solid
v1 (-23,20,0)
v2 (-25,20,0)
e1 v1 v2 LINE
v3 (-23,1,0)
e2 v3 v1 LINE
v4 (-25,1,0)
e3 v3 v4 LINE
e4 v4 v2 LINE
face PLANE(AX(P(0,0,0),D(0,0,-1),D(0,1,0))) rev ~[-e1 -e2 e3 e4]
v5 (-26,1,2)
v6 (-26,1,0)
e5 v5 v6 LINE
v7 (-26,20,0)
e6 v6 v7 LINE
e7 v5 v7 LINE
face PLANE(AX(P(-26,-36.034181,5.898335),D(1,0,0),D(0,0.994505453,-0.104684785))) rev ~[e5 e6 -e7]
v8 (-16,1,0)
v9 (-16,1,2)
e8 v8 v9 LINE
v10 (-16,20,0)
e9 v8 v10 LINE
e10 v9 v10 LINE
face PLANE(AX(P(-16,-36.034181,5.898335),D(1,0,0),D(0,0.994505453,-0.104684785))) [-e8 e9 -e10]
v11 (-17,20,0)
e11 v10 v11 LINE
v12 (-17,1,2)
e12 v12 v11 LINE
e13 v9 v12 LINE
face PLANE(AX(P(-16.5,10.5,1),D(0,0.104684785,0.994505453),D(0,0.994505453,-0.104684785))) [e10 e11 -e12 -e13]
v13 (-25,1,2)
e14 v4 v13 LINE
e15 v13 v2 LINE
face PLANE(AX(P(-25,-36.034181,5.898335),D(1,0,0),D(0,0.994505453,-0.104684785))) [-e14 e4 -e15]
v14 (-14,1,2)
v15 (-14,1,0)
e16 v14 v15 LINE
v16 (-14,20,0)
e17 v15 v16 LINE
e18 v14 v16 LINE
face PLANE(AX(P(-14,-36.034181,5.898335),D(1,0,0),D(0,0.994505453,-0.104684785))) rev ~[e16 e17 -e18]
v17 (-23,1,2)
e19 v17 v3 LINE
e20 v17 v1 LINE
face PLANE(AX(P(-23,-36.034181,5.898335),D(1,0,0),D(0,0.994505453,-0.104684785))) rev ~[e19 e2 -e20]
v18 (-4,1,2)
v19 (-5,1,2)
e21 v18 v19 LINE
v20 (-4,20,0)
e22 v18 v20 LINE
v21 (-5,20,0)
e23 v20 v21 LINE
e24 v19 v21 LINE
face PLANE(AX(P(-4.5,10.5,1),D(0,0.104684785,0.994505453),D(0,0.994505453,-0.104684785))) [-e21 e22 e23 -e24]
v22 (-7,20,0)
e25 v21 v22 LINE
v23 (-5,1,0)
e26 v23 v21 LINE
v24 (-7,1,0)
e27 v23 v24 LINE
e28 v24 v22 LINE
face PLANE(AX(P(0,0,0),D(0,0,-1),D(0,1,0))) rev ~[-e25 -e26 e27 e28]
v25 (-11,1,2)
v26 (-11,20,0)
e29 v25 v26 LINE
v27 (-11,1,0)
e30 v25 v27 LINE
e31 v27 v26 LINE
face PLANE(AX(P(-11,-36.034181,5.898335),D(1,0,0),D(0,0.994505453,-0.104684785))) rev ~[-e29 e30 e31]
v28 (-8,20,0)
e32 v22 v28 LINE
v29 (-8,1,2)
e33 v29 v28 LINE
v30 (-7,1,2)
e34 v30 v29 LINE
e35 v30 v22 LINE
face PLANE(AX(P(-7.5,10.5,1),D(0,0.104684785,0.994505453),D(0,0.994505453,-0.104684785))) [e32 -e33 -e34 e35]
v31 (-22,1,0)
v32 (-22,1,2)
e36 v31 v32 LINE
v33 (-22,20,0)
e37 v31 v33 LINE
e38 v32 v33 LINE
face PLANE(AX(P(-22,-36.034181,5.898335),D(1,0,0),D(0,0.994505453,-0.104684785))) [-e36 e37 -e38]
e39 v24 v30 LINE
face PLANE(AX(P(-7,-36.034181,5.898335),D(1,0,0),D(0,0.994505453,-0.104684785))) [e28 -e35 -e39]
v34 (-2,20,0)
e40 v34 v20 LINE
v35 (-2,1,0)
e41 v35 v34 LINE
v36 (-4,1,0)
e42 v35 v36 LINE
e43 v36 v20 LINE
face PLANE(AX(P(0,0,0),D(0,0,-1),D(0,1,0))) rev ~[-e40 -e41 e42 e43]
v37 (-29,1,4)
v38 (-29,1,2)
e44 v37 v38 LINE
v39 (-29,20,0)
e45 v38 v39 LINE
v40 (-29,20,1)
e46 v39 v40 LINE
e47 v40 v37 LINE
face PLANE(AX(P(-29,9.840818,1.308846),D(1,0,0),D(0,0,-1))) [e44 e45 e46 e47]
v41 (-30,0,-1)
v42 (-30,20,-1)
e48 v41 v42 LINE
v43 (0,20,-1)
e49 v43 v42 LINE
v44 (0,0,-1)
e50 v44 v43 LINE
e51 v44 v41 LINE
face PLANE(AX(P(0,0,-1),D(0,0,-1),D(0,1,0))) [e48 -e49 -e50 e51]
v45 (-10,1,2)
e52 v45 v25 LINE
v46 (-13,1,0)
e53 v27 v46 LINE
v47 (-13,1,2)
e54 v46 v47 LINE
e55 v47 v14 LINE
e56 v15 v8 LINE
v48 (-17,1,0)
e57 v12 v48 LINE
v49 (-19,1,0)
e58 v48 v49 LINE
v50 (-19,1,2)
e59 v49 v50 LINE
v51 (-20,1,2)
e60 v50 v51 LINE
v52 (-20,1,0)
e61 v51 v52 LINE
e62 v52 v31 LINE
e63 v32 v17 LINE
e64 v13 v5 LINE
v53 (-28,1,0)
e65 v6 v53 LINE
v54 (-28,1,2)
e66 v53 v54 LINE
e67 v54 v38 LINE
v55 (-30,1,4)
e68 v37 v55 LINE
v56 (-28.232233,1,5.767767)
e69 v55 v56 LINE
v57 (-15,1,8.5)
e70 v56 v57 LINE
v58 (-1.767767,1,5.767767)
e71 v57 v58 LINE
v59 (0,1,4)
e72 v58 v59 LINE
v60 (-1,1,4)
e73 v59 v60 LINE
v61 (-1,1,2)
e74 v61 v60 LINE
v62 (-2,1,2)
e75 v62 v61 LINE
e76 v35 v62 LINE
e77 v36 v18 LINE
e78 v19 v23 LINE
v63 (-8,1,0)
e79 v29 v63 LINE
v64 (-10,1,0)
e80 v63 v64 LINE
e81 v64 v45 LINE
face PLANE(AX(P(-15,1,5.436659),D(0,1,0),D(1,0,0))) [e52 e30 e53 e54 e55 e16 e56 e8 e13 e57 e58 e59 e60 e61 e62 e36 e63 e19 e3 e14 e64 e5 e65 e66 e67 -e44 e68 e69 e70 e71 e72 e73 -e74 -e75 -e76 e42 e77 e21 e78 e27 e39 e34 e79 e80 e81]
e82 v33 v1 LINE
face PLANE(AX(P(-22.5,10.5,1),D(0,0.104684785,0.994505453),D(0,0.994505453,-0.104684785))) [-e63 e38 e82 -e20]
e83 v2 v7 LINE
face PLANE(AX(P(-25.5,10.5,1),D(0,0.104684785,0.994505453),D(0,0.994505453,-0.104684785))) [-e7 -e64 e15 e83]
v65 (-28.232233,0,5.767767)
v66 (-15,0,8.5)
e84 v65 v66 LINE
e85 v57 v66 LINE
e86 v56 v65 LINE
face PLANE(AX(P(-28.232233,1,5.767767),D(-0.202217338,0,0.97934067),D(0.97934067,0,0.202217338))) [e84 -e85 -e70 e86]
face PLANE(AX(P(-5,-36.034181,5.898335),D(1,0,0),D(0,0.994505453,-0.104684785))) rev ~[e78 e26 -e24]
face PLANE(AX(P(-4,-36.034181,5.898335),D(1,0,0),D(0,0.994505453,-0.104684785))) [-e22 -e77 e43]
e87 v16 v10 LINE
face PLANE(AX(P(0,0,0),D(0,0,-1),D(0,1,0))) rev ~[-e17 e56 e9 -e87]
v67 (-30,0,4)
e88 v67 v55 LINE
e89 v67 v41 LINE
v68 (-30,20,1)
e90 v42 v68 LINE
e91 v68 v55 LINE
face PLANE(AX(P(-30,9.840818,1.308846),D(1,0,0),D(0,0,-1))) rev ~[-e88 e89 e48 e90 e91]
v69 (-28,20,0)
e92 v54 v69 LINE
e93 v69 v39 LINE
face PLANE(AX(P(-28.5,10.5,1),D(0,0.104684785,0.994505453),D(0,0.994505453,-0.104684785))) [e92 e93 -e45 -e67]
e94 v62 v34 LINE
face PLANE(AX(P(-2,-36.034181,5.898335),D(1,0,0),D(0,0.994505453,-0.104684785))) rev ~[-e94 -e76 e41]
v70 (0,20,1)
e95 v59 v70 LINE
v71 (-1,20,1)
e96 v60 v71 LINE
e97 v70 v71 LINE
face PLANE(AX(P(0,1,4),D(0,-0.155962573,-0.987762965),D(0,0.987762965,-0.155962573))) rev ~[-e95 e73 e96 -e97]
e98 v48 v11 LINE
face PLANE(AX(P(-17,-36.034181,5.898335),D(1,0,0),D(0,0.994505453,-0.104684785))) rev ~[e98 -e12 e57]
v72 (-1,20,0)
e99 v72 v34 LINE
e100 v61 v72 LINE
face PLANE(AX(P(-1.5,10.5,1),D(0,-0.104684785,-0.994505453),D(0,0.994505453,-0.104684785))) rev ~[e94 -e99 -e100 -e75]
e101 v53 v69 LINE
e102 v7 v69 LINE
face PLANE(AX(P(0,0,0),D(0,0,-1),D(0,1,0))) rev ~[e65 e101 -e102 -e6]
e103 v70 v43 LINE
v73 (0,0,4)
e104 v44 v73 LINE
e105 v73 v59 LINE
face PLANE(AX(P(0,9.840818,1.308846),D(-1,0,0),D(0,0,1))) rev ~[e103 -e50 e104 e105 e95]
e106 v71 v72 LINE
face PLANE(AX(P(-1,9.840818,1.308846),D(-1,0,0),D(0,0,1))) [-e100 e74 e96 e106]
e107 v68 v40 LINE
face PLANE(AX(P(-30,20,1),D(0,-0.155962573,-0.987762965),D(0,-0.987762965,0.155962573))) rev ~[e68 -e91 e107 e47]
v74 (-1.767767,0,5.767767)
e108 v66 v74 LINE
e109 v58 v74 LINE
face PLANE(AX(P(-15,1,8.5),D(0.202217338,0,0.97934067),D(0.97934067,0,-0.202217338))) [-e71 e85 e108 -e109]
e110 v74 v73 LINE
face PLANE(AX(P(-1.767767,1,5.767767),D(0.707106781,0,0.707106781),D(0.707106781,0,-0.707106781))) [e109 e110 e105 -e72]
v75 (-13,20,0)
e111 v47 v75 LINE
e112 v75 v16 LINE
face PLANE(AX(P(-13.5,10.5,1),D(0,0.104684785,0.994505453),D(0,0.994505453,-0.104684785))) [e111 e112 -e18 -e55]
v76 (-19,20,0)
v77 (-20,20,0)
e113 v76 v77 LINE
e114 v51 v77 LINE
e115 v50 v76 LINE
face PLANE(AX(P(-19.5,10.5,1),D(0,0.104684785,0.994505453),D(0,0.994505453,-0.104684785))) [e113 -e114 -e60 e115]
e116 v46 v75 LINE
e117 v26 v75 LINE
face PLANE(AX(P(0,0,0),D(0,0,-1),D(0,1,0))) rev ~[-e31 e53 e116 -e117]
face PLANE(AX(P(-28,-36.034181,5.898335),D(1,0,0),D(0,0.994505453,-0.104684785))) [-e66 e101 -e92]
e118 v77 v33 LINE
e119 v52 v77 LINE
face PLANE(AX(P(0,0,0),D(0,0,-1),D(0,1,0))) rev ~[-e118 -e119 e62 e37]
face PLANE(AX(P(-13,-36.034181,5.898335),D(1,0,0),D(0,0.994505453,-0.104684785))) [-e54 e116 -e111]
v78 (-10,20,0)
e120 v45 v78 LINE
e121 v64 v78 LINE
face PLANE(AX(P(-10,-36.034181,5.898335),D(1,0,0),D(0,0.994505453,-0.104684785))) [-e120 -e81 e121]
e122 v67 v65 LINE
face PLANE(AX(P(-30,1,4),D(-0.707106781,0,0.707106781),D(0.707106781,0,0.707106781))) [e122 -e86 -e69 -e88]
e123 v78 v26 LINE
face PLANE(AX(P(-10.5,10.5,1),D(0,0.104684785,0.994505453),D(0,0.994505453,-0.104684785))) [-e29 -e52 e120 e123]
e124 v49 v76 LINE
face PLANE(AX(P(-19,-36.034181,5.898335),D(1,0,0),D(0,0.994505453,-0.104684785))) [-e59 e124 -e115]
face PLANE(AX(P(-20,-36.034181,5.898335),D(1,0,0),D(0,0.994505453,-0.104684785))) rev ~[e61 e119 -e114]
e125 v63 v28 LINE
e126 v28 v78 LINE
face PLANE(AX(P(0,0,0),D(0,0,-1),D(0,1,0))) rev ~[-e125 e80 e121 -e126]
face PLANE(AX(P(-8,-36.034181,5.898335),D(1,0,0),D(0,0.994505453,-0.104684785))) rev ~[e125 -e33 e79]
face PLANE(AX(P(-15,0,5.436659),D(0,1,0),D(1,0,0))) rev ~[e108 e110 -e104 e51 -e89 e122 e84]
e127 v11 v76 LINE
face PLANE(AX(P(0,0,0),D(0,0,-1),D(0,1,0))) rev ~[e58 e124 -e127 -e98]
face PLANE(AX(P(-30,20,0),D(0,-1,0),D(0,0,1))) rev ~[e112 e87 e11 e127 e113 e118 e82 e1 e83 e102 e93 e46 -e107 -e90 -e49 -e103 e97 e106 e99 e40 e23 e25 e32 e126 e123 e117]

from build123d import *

# Parameters (mm, degrees)
CROQUIS1_W              = 1
CROQUIS1_H              = 20
SALIENTE_EXTRUIR1_DEPTH = 30
CROQUIS2_W              = 4
CROQUIS2_H              = 1
SALIENTE_EXTRUIR3_DEPTH = 30
SALIENTE_EXTRUIR4_DEPTH = 1
SALIENTE_EXTRUIR5_DEPTH = 1
SALIENTE_EXTRUIR7_DEPTH = 1
NERVIO4_REACH           = 38.239
CROQUIS8_WALL_W         = 93.582555916
CROQUIS8_WALL_H         = 1
MATRIZL12_COUNT         = 9
MATRIZL12_PITCH         = 3
NERVIO5_REACH           = 38.239
CROQUIS10_WALL_W        = 93.582555916
CROQUIS10_WALL_H        = 1


with BuildPart() as part:
    # Croquis1 → Saliente-Extruir1 (new body)
    with BuildSketch(Plane(origin=(0, 0, 0), x_dir=(0, 0, -1), z_dir=(1, 0, 0))):
        with Locations((0.5, 10)):
            Rectangle(CROQUIS1_W, CROQUIS1_H)
    extrude(amount=-SALIENTE_EXTRUIR1_DEPTH)

    # Croquis2 → Saliente-Extruir3 (add)
    with BuildSketch(Plane(origin=(0, 0, 0), x_dir=(0, 0, -1), z_dir=(1, 0, 0))):
        with Locations((-2, 0.5)):
            Rectangle(CROQUIS2_W, CROQUIS2_H)
    extrude(amount=-SALIENTE_EXTRUIR3_DEPTH)

    # Croquis3 → Saliente-Extruir4 (add)
    with BuildSketch(Plane(origin=(0, 0, 0), x_dir=(0, 0, -1), z_dir=(1, 0, 0))):
        Polygon((-4, 1), (-1, 20), (0, 20), (0, 1), align=None)
    extrude(amount=-SALIENTE_EXTRUIR4_DEPTH)

    # Croquis6 → Saliente-Extruir5 (add)
    with BuildSketch(Plane.ZY.offset(30)):
        Polygon((0, 20), (1, 20), (4, 1), (0, 1), align=None)
    extrude(amount=-SALIENTE_EXTRUIR5_DEPTH)

    # Croquis7 → Saliente-Extruir7 (add)
    with BuildSketch(Plane(origin=(0, 1, 0), x_dir=(1, 0, 0), z_dir=(0, 1, 0))):
        Polygon((-30, -4), (-28.232233047, -5.767766953), (-15, -8.5), (-1.767766953, -5.767766953), (0, -4), align=None)
    extrude(amount=-SALIENTE_EXTRUIR7_DEPTH)

    # Croquis8 wall → Nervio4 (add, up to next)
    with BuildSketch(Plane(origin=(-29, 10.5, 1), x_dir=(0, 0.994505452921, -0.104684784518), z_dir=(0, 0.104684784518, 0.994505452921)), mode=Mode.PRIVATE) as nervio4_sk1:
        with Locations((0, -0.5)):
            Rectangle(CROQUIS8_WALL_W, CROQUIS8_WALL_H)
    nervio4_tool1 = extrude(nervio4_sk1.sketch, amount=-NERVIO4_REACH, mode=Mode.PRIVATE) - part.part
    nervio4 = nervio4_tool1.solids().sort_by_distance((-29, 10.5, 1))[0]
    add(nervio4)

    # MatrizL12: Nervio4 ×9
    with Locations(*[(i * MATRIZL12_PITCH, 0, 0) for i in range(1, MATRIZL12_COUNT)]):
        add(nervio4)

    # Croquis10 wall → Nervio5 (add, up to next)
    with BuildSketch(Plane(origin=(-1, 10.5, 1), x_dir=(0, 0.994505452921, -0.104684784518), z_dir=(0, -0.104684784518, -0.994505452921)), mode=Mode.PRIVATE) as nervio5_sk1:
        with Locations((0, -0.5)):
            Rectangle(CROQUIS10_WALL_W, CROQUIS10_WALL_H)
    nervio5_tool1 = extrude(nervio5_sk1.sketch, amount=NERVIO5_REACH, mode=Mode.PRIVATE) - part.part
    add(nervio5_tool1.solids().sort_by_distance((-1, 10.5, 1))[0])


solid = part.part
